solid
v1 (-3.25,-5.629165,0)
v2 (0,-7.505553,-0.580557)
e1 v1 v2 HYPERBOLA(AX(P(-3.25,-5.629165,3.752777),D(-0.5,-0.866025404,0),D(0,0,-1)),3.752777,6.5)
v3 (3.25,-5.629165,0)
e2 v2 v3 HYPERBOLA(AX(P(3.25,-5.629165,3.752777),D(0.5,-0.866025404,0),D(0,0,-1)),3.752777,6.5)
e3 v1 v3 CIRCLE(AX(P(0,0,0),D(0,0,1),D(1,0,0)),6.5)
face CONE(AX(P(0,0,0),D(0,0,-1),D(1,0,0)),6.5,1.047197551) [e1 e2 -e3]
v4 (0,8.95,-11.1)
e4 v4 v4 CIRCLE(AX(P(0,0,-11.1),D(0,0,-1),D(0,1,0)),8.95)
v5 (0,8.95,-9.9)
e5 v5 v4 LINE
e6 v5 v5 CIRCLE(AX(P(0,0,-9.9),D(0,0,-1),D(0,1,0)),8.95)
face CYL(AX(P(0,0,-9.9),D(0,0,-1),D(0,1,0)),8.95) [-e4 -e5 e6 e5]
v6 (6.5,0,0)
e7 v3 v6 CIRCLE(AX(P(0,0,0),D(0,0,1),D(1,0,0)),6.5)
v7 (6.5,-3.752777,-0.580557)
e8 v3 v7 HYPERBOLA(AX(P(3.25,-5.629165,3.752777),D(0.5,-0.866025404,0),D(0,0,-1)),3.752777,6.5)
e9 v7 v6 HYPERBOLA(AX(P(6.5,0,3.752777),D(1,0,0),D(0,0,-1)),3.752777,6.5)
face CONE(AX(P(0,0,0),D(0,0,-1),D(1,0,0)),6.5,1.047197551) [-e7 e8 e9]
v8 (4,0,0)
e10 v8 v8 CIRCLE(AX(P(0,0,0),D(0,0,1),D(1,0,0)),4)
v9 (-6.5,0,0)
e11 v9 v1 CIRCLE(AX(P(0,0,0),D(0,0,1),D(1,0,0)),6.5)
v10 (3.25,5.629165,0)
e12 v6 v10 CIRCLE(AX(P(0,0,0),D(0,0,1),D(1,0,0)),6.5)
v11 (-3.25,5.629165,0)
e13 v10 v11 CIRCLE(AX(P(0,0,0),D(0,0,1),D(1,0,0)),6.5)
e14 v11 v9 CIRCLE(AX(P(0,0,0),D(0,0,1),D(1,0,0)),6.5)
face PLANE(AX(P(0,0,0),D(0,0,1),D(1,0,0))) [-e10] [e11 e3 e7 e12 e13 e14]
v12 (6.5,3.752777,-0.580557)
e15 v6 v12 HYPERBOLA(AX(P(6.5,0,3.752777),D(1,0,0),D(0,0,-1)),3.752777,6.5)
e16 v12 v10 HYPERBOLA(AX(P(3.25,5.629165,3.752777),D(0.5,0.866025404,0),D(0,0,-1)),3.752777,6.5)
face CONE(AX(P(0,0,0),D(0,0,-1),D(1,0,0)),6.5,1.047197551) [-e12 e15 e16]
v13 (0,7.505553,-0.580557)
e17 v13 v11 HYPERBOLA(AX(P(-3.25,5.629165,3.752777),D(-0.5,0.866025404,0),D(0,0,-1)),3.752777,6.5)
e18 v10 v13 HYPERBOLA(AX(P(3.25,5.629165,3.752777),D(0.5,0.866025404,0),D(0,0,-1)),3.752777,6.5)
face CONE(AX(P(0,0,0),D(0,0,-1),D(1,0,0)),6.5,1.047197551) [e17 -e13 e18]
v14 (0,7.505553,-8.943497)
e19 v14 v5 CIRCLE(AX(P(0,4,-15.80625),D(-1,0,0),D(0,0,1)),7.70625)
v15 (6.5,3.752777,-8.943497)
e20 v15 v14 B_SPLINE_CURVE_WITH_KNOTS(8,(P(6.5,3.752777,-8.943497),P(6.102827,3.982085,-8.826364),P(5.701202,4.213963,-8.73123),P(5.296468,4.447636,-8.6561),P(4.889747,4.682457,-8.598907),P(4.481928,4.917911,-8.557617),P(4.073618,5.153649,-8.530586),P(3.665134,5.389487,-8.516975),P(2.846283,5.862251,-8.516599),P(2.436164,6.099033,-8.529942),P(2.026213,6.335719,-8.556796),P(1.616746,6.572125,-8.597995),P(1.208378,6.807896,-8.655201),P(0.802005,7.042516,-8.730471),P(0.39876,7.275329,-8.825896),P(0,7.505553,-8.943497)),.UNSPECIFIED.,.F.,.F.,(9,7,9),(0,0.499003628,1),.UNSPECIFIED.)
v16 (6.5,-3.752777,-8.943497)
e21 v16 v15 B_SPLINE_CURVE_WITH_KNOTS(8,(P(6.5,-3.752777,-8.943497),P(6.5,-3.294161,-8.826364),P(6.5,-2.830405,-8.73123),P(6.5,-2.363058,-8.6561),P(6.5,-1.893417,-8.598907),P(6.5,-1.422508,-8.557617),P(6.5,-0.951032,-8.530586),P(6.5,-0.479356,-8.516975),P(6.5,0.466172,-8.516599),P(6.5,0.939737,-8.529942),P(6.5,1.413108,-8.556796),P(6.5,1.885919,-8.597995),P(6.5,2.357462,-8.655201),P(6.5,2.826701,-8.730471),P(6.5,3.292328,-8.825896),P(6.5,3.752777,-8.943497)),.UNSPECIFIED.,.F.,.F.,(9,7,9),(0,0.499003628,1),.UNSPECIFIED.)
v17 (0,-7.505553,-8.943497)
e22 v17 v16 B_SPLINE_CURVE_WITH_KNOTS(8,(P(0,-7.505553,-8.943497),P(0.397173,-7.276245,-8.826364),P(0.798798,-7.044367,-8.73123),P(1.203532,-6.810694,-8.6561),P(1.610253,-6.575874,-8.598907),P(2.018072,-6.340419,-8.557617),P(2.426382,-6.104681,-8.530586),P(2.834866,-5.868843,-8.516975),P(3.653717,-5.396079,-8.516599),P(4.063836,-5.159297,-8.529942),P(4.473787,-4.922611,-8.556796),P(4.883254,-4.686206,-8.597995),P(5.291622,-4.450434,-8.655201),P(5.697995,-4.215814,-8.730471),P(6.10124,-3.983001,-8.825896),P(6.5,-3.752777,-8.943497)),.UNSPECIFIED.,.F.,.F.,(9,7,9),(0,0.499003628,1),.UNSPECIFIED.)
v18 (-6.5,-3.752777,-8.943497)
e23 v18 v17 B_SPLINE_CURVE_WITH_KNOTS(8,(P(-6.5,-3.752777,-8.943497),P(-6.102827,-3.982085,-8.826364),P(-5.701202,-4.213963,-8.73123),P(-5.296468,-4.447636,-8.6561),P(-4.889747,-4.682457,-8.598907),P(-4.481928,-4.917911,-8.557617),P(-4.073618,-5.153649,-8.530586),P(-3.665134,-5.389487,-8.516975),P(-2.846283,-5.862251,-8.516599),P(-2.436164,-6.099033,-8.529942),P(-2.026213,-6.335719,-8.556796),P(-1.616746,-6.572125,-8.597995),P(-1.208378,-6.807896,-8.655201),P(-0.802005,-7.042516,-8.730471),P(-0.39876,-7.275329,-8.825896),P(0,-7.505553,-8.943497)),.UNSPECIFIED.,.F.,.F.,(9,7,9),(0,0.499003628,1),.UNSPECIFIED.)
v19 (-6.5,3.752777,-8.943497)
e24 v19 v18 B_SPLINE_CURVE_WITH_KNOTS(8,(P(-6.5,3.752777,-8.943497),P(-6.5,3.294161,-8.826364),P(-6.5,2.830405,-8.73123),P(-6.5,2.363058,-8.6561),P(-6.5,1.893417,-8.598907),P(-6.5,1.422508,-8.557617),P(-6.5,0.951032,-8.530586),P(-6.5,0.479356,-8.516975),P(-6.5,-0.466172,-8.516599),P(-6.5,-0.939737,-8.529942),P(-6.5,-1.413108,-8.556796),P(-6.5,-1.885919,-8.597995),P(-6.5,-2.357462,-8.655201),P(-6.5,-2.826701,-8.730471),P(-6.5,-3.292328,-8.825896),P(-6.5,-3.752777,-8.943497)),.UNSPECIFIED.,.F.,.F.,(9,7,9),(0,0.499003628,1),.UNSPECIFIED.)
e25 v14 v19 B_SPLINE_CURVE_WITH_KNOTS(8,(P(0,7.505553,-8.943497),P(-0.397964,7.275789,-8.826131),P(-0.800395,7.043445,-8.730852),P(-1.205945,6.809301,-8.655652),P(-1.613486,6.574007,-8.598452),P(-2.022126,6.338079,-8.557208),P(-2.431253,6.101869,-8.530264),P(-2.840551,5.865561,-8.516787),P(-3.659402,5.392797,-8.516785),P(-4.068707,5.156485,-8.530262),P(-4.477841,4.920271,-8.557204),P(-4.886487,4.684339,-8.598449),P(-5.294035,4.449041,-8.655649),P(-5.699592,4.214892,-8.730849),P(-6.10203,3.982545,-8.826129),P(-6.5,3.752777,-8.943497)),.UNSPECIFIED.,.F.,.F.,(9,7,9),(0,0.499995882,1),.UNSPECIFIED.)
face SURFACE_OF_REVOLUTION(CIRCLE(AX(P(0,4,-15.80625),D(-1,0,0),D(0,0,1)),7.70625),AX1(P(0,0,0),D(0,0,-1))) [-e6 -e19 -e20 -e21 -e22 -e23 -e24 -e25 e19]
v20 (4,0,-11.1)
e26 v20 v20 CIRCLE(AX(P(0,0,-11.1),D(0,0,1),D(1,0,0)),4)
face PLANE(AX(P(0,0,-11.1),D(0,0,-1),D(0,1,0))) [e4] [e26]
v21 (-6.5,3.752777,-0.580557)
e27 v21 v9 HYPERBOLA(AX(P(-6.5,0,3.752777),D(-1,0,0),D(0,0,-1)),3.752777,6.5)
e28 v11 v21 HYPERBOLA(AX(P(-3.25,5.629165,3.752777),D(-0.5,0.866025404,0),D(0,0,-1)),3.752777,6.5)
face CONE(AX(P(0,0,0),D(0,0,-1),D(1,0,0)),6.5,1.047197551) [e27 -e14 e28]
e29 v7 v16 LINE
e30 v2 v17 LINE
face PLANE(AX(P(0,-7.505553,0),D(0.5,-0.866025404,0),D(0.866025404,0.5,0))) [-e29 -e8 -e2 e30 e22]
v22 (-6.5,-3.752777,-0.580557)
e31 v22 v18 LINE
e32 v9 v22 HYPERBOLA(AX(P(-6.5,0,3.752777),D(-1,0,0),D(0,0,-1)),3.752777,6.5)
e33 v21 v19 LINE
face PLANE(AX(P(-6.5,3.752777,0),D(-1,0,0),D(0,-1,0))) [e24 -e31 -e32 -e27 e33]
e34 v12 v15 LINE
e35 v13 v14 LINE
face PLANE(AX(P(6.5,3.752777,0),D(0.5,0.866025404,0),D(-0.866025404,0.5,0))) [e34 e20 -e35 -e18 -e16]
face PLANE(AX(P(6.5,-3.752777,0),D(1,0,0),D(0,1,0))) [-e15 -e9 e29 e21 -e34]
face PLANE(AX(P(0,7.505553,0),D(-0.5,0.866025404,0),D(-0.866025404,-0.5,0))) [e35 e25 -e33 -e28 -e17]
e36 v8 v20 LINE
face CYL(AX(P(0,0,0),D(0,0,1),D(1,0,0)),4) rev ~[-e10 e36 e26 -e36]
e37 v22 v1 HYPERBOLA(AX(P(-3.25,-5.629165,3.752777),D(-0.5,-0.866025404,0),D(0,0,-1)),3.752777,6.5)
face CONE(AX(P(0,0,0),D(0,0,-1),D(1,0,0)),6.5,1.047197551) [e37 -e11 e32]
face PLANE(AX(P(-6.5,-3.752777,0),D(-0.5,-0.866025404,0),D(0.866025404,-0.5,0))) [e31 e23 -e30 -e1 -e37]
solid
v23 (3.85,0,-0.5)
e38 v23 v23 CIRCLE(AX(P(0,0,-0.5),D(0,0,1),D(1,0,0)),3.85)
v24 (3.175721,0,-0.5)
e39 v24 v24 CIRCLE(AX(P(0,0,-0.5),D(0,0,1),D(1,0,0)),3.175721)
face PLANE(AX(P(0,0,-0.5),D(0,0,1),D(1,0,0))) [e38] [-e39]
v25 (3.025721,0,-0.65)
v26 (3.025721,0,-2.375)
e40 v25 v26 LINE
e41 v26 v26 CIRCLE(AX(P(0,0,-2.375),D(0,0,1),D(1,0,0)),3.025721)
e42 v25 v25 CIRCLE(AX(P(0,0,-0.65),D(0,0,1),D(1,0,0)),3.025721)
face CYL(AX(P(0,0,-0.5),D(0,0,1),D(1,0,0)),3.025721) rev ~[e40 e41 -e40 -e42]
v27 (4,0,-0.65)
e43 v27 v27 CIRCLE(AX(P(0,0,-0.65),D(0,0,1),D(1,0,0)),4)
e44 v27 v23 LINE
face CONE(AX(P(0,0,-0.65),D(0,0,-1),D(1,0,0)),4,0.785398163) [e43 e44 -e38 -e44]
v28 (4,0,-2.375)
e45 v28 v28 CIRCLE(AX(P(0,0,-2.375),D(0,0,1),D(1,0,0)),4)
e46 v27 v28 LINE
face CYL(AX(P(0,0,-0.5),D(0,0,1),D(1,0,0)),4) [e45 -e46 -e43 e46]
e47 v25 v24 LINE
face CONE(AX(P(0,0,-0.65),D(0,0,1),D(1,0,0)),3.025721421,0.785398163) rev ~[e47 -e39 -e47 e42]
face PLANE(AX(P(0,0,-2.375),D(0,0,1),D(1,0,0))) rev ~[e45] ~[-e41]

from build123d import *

# Parameters (mm, degrees)
SKETCH1_R           = 4
EXTRUDE1_DEPTH      = 11.1
SKETCH2_OUTSIDE_W   = 74.604
SKETCH2_OUTSIDE_H   = 76.616
SKETCH2_OUTSIDE_R   = 6.5
CUT_EXTRUDE1_DEPTH  = 15.892727532
CUT_EXTRUDE1_DRAFT  = -60
BOSS_EXTRUDE1_START = -0.5
SKETCH10_R          = 4
SKETCH10_R_2        = 3.025721421
BOSS_EXTRUDE1_DEPTH = 1.875
CHAMFER1_SIZE       = 0.15


with BuildPart() as part:
    # Sketch1 → Extrude1 (new body)
    with BuildSketch(Plane.XY):
        Polygon((0, 7.505553499), (-6.5, 3.75277675), (-6.5, -3.75277675), (0, -7.505553499), (6.5, -3.75277675), (6.5, 3.75277675), align=None)
        Circle(SKETCH1_R, mode=Mode.SUBTRACT)
    extrude(amount=-EXTRUDE1_DEPTH)


with BuildPart() as cut_extrude1_tool:
    # Sketch2 outside → Cut-Extrude1 (with draft: the straight prism first)
    with BuildSketch(Plane.XY):
        Rectangle(SKETCH2_OUTSIDE_W, SKETCH2_OUTSIDE_H)
        Circle(SKETCH2_OUTSIDE_R, mode=Mode.SUBTRACT)
    extrude(amount=-CUT_EXTRUDE1_DEPTH)
    # Cut-Extrude1: the draft: its side faces are tilted about the plane it starts from
    cut_extrude1_sides = [cut_extrude1_tool.faces().sort_by_distance(p)[0] for p in [
        (0, -38.308, -7.946363766),
        (37.302, 0, -7.946363766),
        (0, 38.308, -7.946363766),
        (-37.302, 0, -7.946363766),
        (-6.5, 0, -7.946363766),
    ]]
    draft(cut_extrude1_sides, Plane.XY, CUT_EXTRUDE1_DRAFT)


with BuildPart() as part_1:
    add(part.part)

    # Cut-Extrude1: cut by cut_extrude1_tool
    add(cut_extrude1_tool.part, mode=Mode.SUBTRACT)

    # Sketch3 → Revolve1 (revolve)
    with BuildSketch(Plane(origin=(0, 0, 0), x_dir=(0, 0, -1), z_dir=(1, 0, 0))):
        with BuildLine():
            Line((11.1, 8.95), (11.1, 4))
            Line((11.1, 4), (8.1, 4))
            ThreePointArc((8.1, 4), (8.56396693, 6.63355748), (9.9, 8.95))
            Line((9.9, 8.95), (11.1, 8.95))
        make_face()
    revolve(axis=Axis((0, 0, 0), (0, 0, -1)))


with BuildPart() as body_2:
    # Sketch10 → Boss-Extrude1 (new body)
    with BuildSketch(Plane.XY.offset(BOSS_EXTRUDE1_START)):
        Circle(SKETCH10_R)
        Circle(SKETCH10_R_2, mode=Mode.SUBTRACT)
    extrude(amount=-BOSS_EXTRUDE1_DEPTH)

    # Chamfer1
    chamfer1_edges = [body_2.edges().sort_by_distance(p)[0] for p in [
        (-4, 0, -0.5),
        (-3.025721421, 0, -0.5),
    ]]
    chamfer(chamfer1_edges, length=CHAMFER1_SIZE)


solid = Compound([part_1.part, body_2.part])
